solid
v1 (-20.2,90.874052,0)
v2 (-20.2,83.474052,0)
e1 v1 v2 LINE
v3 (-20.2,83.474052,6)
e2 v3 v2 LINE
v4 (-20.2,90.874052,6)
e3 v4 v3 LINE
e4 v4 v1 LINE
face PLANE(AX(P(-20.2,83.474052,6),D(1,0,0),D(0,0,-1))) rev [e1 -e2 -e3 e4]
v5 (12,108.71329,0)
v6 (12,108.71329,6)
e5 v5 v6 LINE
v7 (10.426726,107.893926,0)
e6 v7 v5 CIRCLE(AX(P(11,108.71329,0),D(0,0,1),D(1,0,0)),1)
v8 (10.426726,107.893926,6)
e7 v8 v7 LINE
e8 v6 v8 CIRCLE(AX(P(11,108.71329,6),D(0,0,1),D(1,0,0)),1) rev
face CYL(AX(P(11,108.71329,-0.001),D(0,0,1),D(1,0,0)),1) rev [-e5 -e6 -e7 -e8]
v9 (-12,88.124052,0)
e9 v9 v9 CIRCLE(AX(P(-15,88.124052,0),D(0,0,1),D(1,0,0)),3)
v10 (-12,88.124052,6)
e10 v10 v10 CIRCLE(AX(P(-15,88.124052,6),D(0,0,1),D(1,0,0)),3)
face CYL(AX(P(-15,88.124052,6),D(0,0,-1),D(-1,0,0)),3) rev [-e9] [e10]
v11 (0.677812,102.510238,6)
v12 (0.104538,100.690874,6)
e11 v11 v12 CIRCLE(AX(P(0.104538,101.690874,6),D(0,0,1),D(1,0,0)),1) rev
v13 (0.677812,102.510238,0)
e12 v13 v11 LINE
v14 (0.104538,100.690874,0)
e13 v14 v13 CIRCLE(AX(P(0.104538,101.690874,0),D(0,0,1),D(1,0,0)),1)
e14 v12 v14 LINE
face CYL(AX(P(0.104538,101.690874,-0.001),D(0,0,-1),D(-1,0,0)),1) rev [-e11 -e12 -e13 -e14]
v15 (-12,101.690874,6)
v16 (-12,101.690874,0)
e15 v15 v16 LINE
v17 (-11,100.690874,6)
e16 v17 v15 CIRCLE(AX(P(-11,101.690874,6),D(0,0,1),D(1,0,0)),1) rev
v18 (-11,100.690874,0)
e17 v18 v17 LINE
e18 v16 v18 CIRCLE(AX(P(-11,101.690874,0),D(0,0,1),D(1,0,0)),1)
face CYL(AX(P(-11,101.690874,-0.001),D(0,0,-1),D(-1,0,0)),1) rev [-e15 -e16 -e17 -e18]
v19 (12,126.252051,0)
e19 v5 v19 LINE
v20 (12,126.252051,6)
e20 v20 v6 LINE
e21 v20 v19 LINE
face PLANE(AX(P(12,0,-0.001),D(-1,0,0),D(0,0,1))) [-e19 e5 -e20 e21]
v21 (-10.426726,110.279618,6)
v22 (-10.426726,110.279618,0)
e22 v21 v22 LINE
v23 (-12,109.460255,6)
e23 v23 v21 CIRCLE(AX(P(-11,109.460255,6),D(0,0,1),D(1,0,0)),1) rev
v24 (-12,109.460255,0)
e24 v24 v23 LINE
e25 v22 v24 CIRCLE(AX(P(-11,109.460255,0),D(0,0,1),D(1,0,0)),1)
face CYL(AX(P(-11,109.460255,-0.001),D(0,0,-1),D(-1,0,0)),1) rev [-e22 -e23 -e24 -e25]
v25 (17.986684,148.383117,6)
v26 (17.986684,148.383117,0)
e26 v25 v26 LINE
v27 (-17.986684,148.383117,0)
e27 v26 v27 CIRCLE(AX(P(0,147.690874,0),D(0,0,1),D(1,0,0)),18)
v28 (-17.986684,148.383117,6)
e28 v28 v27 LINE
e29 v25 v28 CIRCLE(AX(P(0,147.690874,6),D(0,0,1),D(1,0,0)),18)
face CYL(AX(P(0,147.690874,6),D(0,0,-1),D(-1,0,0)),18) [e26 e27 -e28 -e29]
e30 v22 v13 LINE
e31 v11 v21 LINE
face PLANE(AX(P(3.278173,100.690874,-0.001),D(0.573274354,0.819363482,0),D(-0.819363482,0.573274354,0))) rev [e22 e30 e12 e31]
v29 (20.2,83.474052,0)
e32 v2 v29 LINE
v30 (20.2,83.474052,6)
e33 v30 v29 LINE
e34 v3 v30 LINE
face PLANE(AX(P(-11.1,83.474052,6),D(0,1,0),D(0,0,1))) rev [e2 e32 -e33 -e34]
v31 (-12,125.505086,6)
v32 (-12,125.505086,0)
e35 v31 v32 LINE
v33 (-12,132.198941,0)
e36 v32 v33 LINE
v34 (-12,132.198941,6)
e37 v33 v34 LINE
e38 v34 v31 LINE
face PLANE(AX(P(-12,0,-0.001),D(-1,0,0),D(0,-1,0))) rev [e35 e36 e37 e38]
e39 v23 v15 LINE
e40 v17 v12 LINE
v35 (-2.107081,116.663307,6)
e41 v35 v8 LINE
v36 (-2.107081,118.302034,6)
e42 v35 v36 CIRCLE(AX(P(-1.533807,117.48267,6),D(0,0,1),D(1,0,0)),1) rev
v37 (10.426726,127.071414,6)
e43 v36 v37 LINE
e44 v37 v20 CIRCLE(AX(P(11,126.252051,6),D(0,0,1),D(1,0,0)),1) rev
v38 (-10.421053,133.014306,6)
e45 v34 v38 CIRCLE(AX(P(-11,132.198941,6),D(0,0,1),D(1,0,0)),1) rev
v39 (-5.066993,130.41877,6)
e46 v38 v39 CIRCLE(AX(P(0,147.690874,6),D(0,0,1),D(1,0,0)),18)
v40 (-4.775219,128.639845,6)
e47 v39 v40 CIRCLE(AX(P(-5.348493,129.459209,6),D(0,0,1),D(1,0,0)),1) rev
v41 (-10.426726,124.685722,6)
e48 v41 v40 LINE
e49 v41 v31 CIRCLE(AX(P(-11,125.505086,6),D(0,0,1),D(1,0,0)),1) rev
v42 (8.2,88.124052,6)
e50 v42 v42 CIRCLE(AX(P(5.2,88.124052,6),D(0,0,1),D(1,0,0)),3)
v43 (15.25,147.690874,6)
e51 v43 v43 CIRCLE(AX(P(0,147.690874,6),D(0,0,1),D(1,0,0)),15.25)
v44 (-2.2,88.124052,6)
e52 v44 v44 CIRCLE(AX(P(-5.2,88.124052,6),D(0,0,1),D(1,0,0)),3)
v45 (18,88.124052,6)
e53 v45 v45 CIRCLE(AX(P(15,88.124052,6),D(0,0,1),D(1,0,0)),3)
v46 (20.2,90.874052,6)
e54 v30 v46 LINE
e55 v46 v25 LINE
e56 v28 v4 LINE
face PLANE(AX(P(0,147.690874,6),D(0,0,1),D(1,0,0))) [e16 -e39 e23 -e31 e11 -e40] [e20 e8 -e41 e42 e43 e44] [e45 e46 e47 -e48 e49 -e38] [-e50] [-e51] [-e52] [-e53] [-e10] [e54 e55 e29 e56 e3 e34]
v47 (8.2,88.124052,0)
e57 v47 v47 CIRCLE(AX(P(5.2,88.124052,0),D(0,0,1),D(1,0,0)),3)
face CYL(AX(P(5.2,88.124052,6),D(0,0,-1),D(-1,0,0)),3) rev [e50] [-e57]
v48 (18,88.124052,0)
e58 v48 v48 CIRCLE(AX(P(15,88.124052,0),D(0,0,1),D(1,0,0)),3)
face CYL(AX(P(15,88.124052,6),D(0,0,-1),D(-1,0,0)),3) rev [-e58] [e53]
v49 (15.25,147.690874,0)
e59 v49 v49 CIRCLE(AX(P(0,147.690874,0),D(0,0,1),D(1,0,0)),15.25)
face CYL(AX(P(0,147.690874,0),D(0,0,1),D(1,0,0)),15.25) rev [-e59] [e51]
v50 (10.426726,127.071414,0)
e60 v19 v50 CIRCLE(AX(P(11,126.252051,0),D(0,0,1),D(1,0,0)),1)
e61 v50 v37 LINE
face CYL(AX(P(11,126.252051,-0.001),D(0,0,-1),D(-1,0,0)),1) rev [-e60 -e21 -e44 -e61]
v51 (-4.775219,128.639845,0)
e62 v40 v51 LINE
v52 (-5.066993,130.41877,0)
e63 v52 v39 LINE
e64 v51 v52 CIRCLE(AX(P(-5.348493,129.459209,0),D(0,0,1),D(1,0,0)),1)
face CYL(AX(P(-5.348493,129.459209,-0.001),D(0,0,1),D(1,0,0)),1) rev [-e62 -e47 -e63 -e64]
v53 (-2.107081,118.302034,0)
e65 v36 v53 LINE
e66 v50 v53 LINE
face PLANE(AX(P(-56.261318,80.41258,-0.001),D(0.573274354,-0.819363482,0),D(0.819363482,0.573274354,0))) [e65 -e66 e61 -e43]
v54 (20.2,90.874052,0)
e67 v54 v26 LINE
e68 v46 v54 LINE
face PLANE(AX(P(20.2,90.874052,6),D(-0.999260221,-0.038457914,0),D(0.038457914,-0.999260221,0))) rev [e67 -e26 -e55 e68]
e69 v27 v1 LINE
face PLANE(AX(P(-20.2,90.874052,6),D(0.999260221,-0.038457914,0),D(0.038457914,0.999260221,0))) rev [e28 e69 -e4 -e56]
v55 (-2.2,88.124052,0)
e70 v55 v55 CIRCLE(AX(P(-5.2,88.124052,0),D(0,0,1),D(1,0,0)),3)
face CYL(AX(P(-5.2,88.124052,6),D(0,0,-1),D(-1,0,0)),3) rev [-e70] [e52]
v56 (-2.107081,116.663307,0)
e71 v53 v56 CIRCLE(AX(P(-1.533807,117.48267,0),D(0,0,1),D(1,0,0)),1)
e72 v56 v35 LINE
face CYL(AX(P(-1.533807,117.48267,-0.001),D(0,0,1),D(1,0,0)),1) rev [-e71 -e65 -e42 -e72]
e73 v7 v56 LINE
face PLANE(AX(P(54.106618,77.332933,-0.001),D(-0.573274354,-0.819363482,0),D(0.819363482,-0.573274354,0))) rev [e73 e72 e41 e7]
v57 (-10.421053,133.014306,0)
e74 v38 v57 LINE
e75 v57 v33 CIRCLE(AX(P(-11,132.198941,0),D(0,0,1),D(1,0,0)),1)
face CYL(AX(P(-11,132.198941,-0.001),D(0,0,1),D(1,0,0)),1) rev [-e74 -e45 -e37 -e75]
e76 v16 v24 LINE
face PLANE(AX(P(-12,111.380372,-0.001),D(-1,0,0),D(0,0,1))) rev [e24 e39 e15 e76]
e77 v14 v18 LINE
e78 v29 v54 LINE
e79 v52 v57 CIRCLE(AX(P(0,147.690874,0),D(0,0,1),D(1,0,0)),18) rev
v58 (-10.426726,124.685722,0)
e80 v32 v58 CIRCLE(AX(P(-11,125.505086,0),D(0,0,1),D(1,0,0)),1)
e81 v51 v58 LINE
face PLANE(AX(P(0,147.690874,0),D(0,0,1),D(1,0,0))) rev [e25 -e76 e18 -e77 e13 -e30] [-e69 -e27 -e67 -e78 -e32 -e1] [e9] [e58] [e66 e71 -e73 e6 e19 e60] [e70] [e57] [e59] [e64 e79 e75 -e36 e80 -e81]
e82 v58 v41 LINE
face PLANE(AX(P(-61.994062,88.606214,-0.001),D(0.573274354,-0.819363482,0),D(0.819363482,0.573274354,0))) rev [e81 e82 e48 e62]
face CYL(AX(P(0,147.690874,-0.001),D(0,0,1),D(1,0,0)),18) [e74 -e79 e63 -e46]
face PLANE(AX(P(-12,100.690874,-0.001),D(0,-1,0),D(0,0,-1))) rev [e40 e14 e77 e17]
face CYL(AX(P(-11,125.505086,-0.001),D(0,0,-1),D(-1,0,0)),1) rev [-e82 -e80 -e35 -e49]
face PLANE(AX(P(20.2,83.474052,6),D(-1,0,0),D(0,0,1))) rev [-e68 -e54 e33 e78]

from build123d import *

# Parameters (mm, degrees)
SKETCH1_R               = 3
SKETCH1_R_2             = 7.95
MAIN_BODY_LINK_B1_DEPTH = 6
CUT_EXTRUDE1_REACH      = 169.025
CUT_EXTRUDE2_REACH      = 169.025
SKETCH3_R               = 1.5
FILLET1_R               = 1
SKETCH4_R               = 15.25
CUT_EXTRUDE3_DEPTH      = 168.02546447


with BuildPart() as part:
    # Sketch1 → Main Body Link B1 (new body)
    with BuildSketch(Plane.XY):
        with BuildLine():
            Line((-11.1, 83.474052381), (-9.1, 83.474052381))
            Line((-9.1, 83.474052381), (0, 83.474052381))
            Line((0, 83.474052381), (9.1, 83.474052381))
            Line((9.1, 83.474052381), (11.1, 83.474052381))
            Line((11.1, 83.474052381), (20.2, 83.474052381))
            Line((20.2, 83.474052381), (20.2, 90.874052381))
            Line((20.2, 90.874052381), (17.986683974, 148.383116621))
            ThreePointArc((17.986683974, 148.383116621), (0, 165.690874165), (-17.986683974, 148.383116621))
            Line((-17.986683974, 148.383116621), (-20.2, 90.874052381))
            Line((-20.2, 90.874052381), (-20.2, 83.474052381))
            Line((-20.2, 83.474052381), (-11.1, 83.474052381))
        make_face()
        with Locations((5.2, 88.124052381)):
            Circle(SKETCH1_R, mode=Mode.SUBTRACT)
        with Locations((15, 88.124052381)):
            Circle(SKETCH1_R, mode=Mode.SUBTRACT)
        with Locations((-15, 88.124052381)):
            Circle(SKETCH1_R, mode=Mode.SUBTRACT)
        with Locations((-5.2, 88.124052381)):
            Circle(SKETCH1_R, mode=Mode.SUBTRACT)
        with Locations((0, 147.690874165)):
            Circle(SKETCH1_R_2, mode=Mode.SUBTRACT)
    extrude(amount=MAIN_BODY_LINK_B1_DEPTH)

    # Sketch2 → Cut-Extrude1 (cut, up to next)
    with BuildSketch(Plane.XY.offset(6), mode=Mode.PRIVATE) as cut_extrude1_sk1:
        with BuildLine():
            ThreePointArc((-2.929911079, 129.930929878), (-7.774454217, 131.456408925), (-12, 134.2744663))
            Line((-12, 134.2744663), (-12, 123.584968066))
            Line((-12, 123.584968066), (-2.929911079, 129.930929878))
        make_face()
    cut_extrude1_tool1 = extrude(cut_extrude1_sk1.sketch, amount=-CUT_EXTRUDE1_REACH, mode=Mode.PRIVATE) & part.part
    # Sketch2 → Cut-Extrude1 (cut, up to next)
    with BuildSketch(Plane.XY.offset(6), mode=Mode.PRIVATE) as cut_extrude1_sk2:
        Polygon((-12, 111.380372399), (-12, 100.690874165), (3.278172542, 100.690874165), align=None)
    cut_extrude1_tool2 = extrude(cut_extrude1_sk2.sketch, amount=-CUT_EXTRUDE1_REACH, mode=Mode.PRIVATE) & part.part
    # Sketch2 → Cut-Extrude1 (cut, up to next)
    with BuildSketch(Plane.XY.offset(6), mode=Mode.PRIVATE) as cut_extrude1_sk3:
        Polygon((12, 106.793171999), (12, 128.172168466), (-3.278172542, 117.482670232), align=None)
    cut_extrude1_tool3 = extrude(cut_extrude1_sk3.sketch, amount=-CUT_EXTRUDE1_REACH, mode=Mode.PRIVATE) & part.part
    add(cut_extrude1_tool1.solids().sort_by_distance((-9.12997, 128.978342, 6))[0], mode=Mode.SUBTRACT)
    add(cut_extrude1_tool2.solids().sort_by_distance((-6.907276, 104.25404, 6))[0], mode=Mode.SUBTRACT)
    add(cut_extrude1_tool3.solids().sort_by_distance((6.907276, 117.48267, 6))[0], mode=Mode.SUBTRACT)

    # Sketch3 → Cut-Extrude2 (cut, up to next)
    with BuildSketch(Plane.XY.offset(6), mode=Mode.PRIVATE) as cut_extrude2_sk1:
        with Locations((-11.5, 147.690874165)):
            Circle(SKETCH3_R)
    cut_extrude2_tool1 = extrude(cut_extrude2_sk1.sketch, amount=-CUT_EXTRUDE2_REACH, mode=Mode.PRIVATE) & part.part
    # Sketch3 → Cut-Extrude2 (cut, up to next)
    with BuildSketch(Plane.XY.offset(6), mode=Mode.PRIVATE) as cut_extrude2_sk2:
        with Locations((11.5, 147.690874165)):
            Circle(SKETCH3_R)
    cut_extrude2_tool2 = extrude(cut_extrude2_sk2.sketch, amount=-CUT_EXTRUDE2_REACH, mode=Mode.PRIVATE) & part.part
    add(cut_extrude2_tool1.solids().sort_by_distance((-11.5, 147.690874, 6))[0], mode=Mode.SUBTRACT)
    add(cut_extrude2_tool2.solids().sort_by_distance((11.5, 147.690874, 6))[0], mode=Mode.SUBTRACT)

    # Fillet1
    fillet1_edges = [part.edges().sort_by_distance(p)[0] for p in [
        (-12, 100.690874165, 3),
        (3.278172542, 100.690874165, 3),
        (-12, 111.380372399, 3),
        (12, 106.793171999, 3),
        (12, 128.172168466, 3),
        (-3.278172542, 117.482670232, 3),
        (-12, 123.584968066, 3),
        (-2.929911079, 129.930929878, 3),
        (-12, 134.2744663, 3),
    ]]
    fillet(fillet1_edges, radius=FILLET1_R)

    # Sketch4 → Cut-Extrude3 (cut, through all)
    with BuildSketch(Plane.XY.offset(6)):
        with Locations((0, 147.690874165)):
            Circle(SKETCH4_R)
    extrude(amount=-CUT_EXTRUDE3_DEPTH, mode=Mode.SUBTRACT)


solid = part.part
